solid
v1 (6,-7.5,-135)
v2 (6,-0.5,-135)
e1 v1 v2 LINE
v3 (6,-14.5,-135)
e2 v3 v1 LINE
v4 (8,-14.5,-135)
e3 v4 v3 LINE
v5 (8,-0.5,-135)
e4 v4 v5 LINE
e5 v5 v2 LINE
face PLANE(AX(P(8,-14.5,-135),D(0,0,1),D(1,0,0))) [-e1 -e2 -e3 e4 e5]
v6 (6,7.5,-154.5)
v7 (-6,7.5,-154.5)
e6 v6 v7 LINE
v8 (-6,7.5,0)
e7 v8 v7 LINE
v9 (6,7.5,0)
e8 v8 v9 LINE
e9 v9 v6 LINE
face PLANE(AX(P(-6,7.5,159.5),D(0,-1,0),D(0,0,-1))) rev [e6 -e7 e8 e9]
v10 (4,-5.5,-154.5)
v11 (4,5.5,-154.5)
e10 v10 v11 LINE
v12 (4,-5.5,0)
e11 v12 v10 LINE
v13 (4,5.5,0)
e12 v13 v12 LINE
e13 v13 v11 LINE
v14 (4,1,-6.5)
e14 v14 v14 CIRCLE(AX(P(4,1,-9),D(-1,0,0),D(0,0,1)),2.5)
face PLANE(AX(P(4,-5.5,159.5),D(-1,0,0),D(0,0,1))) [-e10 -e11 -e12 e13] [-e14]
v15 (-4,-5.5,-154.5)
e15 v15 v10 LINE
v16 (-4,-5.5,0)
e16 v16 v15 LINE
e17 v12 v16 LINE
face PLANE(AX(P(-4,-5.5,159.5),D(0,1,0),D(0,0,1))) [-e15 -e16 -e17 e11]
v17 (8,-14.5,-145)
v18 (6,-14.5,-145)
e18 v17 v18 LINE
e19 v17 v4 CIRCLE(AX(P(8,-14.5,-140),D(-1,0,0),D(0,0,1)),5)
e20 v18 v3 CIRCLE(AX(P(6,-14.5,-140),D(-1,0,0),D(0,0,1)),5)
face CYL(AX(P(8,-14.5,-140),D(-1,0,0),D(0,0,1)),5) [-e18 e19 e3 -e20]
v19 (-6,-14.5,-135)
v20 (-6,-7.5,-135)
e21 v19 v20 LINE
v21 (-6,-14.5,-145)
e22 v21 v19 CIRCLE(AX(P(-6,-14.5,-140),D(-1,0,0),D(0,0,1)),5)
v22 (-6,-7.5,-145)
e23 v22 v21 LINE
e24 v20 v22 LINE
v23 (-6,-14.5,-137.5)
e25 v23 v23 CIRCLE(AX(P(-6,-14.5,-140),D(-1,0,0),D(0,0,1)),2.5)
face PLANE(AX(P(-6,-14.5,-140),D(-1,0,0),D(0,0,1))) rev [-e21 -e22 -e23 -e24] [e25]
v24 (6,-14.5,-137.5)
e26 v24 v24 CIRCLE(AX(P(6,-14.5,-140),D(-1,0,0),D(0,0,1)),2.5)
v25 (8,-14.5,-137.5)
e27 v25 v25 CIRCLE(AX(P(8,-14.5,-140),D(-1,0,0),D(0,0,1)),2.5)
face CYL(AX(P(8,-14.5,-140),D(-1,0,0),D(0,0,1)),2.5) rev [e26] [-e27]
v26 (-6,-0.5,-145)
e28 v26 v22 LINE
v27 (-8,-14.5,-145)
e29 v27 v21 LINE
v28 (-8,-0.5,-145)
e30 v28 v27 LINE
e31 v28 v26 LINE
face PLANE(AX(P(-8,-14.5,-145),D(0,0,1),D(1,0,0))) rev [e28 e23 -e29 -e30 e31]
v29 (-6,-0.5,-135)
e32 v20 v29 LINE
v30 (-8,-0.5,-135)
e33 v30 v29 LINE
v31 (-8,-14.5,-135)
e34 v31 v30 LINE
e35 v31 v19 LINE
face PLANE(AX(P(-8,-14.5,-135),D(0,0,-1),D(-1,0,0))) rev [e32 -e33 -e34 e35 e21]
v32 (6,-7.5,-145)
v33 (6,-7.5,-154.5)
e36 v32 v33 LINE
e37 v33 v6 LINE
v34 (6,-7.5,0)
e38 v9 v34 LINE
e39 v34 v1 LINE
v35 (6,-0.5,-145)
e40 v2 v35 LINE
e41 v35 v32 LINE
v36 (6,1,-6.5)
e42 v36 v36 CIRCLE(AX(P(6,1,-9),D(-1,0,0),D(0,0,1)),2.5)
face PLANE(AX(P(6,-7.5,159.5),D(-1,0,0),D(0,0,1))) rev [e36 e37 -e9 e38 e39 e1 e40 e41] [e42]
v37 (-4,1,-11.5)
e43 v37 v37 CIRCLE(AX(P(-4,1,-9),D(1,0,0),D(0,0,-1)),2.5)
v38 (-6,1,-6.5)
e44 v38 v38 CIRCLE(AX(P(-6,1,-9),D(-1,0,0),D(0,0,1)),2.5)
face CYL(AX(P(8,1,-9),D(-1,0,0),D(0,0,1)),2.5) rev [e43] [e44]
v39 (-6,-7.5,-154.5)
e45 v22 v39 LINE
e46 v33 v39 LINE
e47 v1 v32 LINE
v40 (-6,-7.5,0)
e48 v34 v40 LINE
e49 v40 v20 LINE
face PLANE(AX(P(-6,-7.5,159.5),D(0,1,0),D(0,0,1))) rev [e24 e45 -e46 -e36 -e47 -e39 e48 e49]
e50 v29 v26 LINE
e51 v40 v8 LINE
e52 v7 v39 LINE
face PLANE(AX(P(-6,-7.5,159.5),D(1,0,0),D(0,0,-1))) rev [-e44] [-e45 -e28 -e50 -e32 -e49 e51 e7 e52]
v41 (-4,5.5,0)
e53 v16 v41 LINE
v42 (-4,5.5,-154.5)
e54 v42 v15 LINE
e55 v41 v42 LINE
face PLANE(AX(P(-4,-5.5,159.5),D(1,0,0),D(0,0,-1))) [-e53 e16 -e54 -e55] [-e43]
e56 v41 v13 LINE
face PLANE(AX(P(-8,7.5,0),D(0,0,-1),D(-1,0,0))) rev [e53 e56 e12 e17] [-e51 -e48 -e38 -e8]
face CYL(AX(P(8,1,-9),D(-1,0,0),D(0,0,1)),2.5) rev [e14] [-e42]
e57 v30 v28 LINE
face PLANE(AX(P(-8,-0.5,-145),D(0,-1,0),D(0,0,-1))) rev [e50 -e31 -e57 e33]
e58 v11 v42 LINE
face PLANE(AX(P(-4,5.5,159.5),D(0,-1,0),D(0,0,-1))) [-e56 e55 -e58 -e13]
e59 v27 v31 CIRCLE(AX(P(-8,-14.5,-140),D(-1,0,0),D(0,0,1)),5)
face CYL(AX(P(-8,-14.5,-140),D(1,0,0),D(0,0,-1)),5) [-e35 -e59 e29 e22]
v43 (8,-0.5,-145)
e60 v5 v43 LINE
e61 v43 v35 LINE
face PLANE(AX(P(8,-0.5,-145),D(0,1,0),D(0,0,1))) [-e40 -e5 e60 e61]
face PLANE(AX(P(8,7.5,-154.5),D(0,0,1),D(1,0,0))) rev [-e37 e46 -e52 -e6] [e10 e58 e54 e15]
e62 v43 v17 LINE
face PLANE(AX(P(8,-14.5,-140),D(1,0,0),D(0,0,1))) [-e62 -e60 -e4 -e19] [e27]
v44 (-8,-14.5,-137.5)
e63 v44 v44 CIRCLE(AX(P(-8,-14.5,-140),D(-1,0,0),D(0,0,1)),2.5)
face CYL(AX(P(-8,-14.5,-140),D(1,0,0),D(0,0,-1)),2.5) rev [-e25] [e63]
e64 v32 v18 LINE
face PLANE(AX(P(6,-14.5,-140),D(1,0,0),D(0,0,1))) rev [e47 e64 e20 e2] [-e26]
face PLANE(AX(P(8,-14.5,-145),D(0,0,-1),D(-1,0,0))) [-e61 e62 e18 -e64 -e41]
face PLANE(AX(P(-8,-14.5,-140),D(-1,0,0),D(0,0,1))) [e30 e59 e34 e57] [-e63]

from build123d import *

# Parameters (mm, degrees)
CROQUIS1_W                = 12
CROQUIS1_H                = 15
CROQUIS1_W_2              = 8
CROQUIS1_H_2              = 11
SALIENTE_EXTRUIR1_DEPTH   = 159.5
CROQUIS2_R                = 2.5
SALIENTE_EXTRUIR2_DEPTH   = 2
SIMETR_A2_COPY_1_SKETCH_R = 2.5
SIMETR_A2_COPY_1_DEPTH    = 2
SKETCH1_W                 = 159.5
SKETCH1_H                 = 34.305734292
CUT_EXTRUDE1_DEPTH        = 3
CUT_EXTRUDE1_DEPTH_BACK   = 15
SKETCH5_R                 = 2.5
CUT_EXTRUDE2_DEPTH        = 15
SKETCH6_W                 = 5
SKETCH6_H                 = 15
CUT_EXTRUDE3_DEPTH        = 3
CUT_EXTRUDE3_DEPTH_BACK   = 15


with BuildPart() as part:
    # Croquis1 → Saliente-Extruir1 (new body, symmetric)
    with BuildSketch(Plane.XY):
        Rectangle(CROQUIS1_W, CROQUIS1_H)
        Rectangle(CROQUIS1_W_2, CROQUIS1_H_2, mode=Mode.SUBTRACT)
    extrude(amount=SALIENTE_EXTRUIR1_DEPTH, both=True)

    # Croquis2 → Saliente-Extruir2 (add)
    with BuildSketch(Plane(origin=(6, 0, 0), x_dir=(0, 0, -1), z_dir=(1, 0, 0))):
        with BuildLine():
            Line((-145, -14.5), (-145, -0.5))
            Line((-145, -0.5), (-135, -0.5))
            Line((-135, -0.5), (-135, -14.5))
            ThreePointArc((-135, -14.5), (-140, -19.5), (-145, -14.5))
        make_face()
        with Locations((-140, -14.5)):
            Circle(CROQUIS2_R, mode=Mode.SUBTRACT)
    saliente_extruir2 = extrude(amount=SALIENTE_EXTRUIR2_DEPTH)

    # Simetría1: Saliente-Extruir2 across plane
    add(saliente_extruir2.mirror(Plane(origin=(0, 0, 0), x_dir=(0, 0, 1), z_dir=(1, 0, 0))))

    # Simetría2: Saliente-Extruir2 across plane
    add(saliente_extruir2.mirror(Plane.XY))

    # Simetría2 copy 1 sketch → Simetría2 copy 1 (add)
    with BuildSketch(Plane.ZY.offset(6)):
        with BuildLine():
            Line((-145, -14.5), (-145, -0.5))
            Line((-145, -0.5), (-135, -0.5))
            Line((-135, -0.5), (-135, -14.5))
            ThreePointArc((-135, -14.5), (-140, -19.5), (-145, -14.5))
        make_face()
        with Locations((-140, -14.5)):
            Circle(SIMETR_A2_COPY_1_SKETCH_R, mode=Mode.SUBTRACT)
    extrude(amount=SIMETR_A2_COPY_1_DEPTH)

    # Sketch1 → Cut-Extrude1 (cut, two sides)
    with BuildSketch(Plane(origin=(6, 0, 0), x_dir=(0, 0, -1), z_dir=(1, 0, 0))) as cut_extrude1_sk:
        with Locations((-79.75, -9.652867146)):
            Rectangle(SKETCH1_W, SKETCH1_H)
    extrude(amount=CUT_EXTRUDE1_DEPTH, mode=Mode.SUBTRACT)
    extrude(cut_extrude1_sk.sketch, amount=-CUT_EXTRUDE1_DEPTH_BACK, mode=Mode.SUBTRACT)

    # Sketch5 → Cut-Extrude2 (cut, through all)
    with BuildSketch(Plane.ZY.offset(6)):
        with Locations((-9, 1)):
            Circle(SKETCH5_R)
    extrude(amount=-CUT_EXTRUDE2_DEPTH, mode=Mode.SUBTRACT)

    # Sketch6 → Cut-Extrude3 (cut, two sides)
    with BuildSketch(Plane.ZY.offset(6)) as cut_extrude3_sk:
        with Locations((-157, 0)):
            Rectangle(SKETCH6_W, SKETCH6_H)
    extrude(amount=CUT_EXTRUDE3_DEPTH, mode=Mode.SUBTRACT)
    extrude(cut_extrude3_sk.sketch, amount=-CUT_EXTRUDE3_DEPTH_BACK, mode=Mode.SUBTRACT)


solid = part.part
